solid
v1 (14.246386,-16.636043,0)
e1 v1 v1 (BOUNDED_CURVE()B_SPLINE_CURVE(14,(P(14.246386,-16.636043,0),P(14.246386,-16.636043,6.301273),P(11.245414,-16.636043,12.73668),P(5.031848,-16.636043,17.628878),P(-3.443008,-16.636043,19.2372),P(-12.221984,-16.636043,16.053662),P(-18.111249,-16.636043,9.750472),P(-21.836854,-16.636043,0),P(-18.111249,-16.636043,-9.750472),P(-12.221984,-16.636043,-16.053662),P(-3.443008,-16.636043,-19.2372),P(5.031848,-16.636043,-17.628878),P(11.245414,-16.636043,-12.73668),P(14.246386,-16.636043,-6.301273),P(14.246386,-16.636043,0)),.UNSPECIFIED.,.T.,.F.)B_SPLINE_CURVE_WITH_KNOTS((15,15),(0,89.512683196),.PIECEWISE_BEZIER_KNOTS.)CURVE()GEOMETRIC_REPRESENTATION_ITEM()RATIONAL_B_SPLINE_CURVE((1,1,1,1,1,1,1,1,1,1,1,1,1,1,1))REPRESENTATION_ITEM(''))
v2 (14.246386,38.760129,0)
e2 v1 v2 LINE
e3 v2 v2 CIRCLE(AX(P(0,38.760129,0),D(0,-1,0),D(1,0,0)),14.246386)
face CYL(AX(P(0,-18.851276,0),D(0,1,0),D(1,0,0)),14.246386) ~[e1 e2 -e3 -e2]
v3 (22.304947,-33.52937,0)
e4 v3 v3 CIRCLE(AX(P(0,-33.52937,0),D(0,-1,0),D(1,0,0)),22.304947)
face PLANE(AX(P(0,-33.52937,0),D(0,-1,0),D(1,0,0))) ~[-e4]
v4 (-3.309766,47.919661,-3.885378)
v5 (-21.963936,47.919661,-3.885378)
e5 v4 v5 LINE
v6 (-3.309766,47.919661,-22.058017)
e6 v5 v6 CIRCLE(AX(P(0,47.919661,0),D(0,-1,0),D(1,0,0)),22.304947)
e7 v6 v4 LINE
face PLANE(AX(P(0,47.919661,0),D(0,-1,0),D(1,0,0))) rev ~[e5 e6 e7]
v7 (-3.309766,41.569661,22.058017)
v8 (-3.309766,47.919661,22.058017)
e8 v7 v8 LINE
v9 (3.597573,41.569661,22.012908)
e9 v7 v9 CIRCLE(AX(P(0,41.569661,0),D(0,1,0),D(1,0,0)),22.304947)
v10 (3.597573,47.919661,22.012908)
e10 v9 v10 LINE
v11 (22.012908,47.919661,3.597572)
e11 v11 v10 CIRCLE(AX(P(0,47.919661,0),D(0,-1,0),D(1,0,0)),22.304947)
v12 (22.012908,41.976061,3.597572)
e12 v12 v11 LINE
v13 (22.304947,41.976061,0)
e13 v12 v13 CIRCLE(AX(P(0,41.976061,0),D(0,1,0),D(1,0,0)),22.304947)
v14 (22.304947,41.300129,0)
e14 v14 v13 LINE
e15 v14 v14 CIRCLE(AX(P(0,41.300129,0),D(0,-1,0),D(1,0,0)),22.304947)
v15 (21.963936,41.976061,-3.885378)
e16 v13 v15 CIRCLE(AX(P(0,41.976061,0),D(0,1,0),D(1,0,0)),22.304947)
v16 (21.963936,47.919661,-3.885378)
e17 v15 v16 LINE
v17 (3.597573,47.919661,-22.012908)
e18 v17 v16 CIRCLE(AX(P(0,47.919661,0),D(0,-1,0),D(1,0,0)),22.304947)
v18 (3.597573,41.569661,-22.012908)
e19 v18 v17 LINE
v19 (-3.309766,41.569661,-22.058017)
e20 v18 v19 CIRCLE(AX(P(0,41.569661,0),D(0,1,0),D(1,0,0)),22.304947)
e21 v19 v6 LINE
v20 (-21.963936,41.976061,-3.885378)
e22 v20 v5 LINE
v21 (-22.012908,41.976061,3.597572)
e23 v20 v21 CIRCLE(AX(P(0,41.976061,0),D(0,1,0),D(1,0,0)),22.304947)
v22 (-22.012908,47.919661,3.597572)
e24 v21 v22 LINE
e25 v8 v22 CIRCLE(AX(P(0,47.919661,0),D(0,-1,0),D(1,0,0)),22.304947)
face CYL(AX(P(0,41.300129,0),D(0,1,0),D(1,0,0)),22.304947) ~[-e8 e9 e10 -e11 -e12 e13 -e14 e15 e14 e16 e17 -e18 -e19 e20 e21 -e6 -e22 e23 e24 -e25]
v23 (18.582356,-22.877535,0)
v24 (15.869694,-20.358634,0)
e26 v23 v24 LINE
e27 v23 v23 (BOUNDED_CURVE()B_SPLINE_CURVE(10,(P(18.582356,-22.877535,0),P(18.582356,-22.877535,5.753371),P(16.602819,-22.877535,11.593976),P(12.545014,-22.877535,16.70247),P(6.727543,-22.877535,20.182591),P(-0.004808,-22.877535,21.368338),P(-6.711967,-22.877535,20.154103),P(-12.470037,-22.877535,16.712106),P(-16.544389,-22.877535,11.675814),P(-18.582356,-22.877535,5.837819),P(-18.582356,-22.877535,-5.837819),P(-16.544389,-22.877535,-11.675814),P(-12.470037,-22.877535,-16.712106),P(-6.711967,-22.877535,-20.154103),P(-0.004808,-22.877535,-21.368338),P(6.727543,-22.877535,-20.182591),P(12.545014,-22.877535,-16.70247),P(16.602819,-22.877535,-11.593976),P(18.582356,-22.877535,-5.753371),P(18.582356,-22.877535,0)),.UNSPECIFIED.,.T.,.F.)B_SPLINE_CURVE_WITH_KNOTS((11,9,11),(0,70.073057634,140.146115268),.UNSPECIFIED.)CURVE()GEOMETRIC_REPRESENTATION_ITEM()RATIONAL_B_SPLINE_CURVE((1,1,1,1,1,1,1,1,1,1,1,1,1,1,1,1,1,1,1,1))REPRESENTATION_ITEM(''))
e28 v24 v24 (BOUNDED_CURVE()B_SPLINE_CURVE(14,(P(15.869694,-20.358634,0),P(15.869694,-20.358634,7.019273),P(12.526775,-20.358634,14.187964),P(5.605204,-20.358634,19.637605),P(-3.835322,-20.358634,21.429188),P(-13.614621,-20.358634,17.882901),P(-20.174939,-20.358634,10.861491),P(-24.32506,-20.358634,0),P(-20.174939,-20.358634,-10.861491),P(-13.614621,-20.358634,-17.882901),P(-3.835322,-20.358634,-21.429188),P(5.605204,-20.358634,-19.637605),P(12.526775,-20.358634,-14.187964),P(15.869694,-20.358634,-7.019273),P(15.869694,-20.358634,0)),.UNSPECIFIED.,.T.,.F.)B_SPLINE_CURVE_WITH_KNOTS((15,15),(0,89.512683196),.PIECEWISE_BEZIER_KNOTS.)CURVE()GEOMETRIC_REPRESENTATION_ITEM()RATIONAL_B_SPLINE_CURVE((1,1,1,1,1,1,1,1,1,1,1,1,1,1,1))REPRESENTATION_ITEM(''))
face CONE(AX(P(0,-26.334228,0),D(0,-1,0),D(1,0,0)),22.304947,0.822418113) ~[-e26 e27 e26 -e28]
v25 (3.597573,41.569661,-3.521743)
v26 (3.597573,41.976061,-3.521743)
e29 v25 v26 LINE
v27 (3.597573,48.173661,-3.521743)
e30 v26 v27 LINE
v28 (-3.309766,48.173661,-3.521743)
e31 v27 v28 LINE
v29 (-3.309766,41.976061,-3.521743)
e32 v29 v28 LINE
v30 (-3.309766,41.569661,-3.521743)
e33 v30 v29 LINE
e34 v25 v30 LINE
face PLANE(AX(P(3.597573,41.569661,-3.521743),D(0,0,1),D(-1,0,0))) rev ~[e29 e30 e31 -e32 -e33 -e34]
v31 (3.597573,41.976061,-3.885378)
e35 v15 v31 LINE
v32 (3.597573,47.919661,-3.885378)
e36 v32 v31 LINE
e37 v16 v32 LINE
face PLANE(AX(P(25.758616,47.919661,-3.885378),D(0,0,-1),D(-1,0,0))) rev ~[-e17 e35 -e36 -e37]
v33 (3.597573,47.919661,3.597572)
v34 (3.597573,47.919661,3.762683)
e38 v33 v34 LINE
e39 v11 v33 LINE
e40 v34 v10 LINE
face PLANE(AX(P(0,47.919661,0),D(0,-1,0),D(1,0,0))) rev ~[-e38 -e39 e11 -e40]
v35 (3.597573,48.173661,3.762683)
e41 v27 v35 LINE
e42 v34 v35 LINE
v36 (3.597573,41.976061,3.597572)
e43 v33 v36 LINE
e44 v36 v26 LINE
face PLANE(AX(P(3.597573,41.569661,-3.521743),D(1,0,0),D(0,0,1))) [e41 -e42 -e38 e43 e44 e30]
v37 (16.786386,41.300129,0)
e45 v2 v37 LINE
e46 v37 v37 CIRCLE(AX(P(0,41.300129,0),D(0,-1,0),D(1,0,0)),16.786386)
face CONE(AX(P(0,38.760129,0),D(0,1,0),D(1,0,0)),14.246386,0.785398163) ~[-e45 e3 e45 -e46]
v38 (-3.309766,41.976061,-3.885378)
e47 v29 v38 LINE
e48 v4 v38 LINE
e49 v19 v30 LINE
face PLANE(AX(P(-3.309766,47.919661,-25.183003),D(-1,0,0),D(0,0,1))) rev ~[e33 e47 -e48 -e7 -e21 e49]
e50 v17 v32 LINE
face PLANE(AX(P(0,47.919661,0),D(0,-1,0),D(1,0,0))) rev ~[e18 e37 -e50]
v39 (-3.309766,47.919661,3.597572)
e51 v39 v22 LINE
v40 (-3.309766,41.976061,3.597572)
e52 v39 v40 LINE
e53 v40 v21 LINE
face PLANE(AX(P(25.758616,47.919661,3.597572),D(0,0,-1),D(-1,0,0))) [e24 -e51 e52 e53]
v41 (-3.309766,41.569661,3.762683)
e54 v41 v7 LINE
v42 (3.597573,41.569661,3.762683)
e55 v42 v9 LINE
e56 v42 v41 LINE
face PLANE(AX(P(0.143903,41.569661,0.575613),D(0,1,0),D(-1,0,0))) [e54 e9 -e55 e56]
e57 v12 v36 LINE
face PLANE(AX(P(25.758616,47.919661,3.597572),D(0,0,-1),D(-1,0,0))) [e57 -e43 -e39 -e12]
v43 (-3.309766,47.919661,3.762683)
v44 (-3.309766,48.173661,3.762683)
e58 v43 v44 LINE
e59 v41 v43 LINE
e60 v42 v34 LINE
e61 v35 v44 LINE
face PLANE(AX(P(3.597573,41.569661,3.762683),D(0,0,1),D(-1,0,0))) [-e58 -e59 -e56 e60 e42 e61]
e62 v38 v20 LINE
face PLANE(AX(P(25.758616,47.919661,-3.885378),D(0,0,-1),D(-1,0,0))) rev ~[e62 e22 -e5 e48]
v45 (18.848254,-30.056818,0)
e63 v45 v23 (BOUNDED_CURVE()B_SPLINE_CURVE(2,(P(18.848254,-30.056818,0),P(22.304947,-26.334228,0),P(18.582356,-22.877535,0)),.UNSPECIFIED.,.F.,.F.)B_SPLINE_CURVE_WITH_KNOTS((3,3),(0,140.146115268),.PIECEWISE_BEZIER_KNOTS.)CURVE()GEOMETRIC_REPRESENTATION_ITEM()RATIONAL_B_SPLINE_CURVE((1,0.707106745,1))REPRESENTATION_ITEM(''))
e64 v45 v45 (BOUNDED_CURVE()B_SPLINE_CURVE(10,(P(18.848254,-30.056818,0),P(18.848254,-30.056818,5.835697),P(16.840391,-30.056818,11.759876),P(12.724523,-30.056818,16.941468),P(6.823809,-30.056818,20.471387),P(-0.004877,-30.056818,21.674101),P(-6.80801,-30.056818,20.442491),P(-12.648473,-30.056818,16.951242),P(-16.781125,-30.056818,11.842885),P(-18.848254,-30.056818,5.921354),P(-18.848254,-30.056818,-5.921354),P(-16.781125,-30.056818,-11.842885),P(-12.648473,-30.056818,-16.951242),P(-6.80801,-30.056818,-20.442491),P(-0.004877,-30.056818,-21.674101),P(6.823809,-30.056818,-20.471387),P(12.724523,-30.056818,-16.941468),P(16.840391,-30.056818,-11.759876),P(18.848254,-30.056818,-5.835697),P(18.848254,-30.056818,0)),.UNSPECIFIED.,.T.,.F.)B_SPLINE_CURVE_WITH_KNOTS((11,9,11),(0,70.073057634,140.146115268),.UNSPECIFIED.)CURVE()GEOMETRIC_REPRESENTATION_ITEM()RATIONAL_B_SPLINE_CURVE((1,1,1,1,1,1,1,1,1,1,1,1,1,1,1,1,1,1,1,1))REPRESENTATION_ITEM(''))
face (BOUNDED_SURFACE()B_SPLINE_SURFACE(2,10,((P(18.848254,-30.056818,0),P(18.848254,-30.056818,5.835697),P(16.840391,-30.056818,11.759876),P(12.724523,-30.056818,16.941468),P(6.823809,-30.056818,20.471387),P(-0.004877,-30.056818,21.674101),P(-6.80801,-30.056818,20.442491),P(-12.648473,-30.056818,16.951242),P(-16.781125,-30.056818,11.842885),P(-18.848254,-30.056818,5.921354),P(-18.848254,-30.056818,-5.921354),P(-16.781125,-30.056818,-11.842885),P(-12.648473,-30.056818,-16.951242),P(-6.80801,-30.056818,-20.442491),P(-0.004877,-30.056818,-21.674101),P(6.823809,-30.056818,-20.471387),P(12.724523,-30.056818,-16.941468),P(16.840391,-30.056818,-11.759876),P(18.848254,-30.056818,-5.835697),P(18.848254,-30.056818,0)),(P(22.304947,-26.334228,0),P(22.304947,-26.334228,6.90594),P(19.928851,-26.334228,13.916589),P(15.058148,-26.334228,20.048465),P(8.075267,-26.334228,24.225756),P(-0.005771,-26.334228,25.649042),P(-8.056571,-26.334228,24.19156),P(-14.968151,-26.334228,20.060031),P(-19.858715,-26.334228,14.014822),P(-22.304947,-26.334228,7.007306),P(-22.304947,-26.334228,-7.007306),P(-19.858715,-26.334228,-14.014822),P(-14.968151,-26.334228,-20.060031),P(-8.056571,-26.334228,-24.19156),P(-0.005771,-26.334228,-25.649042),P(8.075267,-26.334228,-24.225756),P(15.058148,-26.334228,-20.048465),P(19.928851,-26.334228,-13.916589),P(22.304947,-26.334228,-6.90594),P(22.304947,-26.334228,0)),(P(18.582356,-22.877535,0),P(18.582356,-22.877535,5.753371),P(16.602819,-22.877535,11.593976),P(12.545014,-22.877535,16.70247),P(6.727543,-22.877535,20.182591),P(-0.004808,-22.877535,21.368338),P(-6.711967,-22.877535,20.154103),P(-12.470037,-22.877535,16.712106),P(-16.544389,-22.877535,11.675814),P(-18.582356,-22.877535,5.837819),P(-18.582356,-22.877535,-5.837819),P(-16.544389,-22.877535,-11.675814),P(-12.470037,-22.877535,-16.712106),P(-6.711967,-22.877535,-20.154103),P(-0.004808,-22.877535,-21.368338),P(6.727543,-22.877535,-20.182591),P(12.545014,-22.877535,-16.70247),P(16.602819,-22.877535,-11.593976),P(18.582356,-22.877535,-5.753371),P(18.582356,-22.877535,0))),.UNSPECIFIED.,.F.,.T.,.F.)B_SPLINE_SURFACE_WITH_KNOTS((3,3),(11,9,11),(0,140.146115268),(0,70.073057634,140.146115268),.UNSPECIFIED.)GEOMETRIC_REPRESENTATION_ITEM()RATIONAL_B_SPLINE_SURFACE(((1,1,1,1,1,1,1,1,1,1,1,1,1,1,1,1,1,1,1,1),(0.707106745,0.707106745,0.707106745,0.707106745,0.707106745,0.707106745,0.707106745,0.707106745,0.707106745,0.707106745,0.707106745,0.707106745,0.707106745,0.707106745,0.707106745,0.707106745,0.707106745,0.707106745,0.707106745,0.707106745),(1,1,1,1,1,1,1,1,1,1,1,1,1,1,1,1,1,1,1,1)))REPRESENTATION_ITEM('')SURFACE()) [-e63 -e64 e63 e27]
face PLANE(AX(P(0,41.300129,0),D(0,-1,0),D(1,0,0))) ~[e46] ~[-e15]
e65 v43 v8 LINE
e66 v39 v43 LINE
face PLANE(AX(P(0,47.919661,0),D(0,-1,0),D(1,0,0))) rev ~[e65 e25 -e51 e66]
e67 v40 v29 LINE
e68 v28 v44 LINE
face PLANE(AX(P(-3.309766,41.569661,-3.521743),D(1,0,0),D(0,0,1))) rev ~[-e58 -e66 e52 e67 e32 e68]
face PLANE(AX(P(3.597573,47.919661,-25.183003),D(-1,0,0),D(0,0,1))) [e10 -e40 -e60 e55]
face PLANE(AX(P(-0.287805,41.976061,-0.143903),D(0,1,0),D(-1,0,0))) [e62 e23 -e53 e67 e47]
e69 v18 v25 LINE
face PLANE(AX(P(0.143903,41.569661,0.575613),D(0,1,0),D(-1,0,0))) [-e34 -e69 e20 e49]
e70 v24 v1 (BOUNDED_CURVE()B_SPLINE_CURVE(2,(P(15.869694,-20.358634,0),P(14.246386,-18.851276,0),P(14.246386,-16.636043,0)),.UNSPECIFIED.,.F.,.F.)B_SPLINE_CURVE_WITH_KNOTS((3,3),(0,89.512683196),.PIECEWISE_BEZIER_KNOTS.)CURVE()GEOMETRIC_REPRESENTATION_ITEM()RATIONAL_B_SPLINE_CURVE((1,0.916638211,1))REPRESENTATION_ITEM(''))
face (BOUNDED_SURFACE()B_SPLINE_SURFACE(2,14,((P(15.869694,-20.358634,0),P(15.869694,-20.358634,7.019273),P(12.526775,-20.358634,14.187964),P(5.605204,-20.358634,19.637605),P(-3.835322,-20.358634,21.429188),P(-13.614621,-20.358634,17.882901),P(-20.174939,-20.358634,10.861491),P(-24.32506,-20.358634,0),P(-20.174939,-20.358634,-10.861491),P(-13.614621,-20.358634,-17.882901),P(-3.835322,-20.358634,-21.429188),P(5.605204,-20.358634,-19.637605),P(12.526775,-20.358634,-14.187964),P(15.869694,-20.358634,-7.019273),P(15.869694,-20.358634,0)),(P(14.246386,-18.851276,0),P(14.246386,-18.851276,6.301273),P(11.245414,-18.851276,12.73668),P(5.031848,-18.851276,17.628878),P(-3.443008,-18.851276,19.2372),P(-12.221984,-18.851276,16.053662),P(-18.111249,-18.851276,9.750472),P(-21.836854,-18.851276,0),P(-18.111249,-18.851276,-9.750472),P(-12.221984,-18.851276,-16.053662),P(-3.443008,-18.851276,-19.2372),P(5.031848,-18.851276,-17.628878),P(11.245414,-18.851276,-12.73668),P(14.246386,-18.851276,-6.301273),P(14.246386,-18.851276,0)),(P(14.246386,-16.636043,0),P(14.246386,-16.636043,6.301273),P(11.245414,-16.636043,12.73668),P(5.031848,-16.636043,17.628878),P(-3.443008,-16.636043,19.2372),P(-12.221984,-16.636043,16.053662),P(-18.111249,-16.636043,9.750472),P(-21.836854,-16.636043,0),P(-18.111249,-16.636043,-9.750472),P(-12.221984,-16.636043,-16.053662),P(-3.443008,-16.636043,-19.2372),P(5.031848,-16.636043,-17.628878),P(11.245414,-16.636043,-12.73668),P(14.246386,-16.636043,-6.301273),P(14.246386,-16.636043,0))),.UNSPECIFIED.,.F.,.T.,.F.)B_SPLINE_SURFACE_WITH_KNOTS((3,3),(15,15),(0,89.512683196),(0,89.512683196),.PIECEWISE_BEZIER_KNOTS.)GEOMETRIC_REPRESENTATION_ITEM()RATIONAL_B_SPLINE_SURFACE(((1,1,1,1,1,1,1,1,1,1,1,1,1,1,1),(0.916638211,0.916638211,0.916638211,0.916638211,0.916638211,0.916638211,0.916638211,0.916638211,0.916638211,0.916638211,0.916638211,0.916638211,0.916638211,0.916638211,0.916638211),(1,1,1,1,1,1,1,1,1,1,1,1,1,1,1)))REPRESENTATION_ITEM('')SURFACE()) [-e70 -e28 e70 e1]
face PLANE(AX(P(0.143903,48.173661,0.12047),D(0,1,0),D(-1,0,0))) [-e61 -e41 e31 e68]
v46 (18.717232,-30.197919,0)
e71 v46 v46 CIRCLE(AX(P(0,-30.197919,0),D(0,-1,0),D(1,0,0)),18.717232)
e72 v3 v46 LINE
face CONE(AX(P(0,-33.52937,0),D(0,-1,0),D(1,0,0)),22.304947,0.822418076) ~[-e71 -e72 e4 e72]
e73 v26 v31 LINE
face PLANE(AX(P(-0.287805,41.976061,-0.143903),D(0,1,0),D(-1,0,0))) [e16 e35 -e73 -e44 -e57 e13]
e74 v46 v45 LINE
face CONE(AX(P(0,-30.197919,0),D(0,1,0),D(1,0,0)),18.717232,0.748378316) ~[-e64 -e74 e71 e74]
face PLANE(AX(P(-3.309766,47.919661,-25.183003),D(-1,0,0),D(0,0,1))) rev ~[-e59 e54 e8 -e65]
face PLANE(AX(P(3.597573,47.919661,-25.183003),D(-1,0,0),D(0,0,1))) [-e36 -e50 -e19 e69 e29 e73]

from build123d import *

# Parameters (mm, degrees)
F2_R     = 5.08
F3_SIZE  = 2.54
F4_W     = 6.907339
F4_H     = 51.517231
F5_DEPTH = 6.35
F6_W     = 52.092841
F6_H     = 7.48295
F7_DEPTH = 5.9436
F8_W     = 6.907339
F8_H     = 7.284426
F9_DEPTH = 6.604


with BuildPart() as f1:
    # F0 (on Top) → F1 (revolve)
    with BuildSketch(Plane.XY):
        Polygon((22.304947, 47.919661), (0, 47.919661), (0, -33.52937), (22.304947, -33.52937), (18.717232, -30.197919), (22.304947, -26.334228), (14.246386, -18.851276), (14.246386, 41.300129), (22.304947, 41.300129), align=None)
    revolve(axis=Axis((0, 7.195146, 0), (0, -1, 0)))

    # F2
    f2_edges = [f1.edges().sort_by_distance(p)[0] for p in [
        (-22.304947, -26.334228, 0),
        (-14.246386, -18.851276, 0),
    ]]
    fillet(f2_edges, radius=F2_R)

    # F3
    f3_edges = [f1.edges().sort_by_distance(p)[0] for p in [
        (14.246386, 12.332043, 0),
        (-14.246383, -16.636044, 0),
        (-14.246386, 41.300129, 0),
    ]]
    chamfer(f3_edges, length=F3_SIZE)

    # F4 (on face) → F5 (cut)
    with BuildSketch(Plane(origin=(0, 47.919661, 0), x_dir=(-1, 0, 0), z_dir=(0, 1, 0))):
        with Locations((-0.143903, 0.575613)):
            Rectangle(F4_W, F4_H)
    extrude(amount=-F5_DEPTH, mode=Mode.SUBTRACT)

    # F6 (on face) → F7 (cut)
    with BuildSketch(Plane(origin=(0, 47.919661, 0), x_dir=(-1, 0, 0), z_dir=(0, 1, 0))):
        with Locations((0.287805, -0.143903)):
            Rectangle(F6_W, F6_H)
    extrude(amount=-F7_DEPTH, mode=Mode.SUBTRACT)

    # F8 (on face) → F9 (join)
    with BuildSketch(Plane(origin=(0, 41.569661, 0), x_dir=(-1, 0, 0), z_dir=(0, 1, 0))):
        with Locations((-0.143903, 0.12047)):
            Rectangle(F8_W, F8_H)
    extrude(amount=F9_DEPTH)


solid = f1.part
